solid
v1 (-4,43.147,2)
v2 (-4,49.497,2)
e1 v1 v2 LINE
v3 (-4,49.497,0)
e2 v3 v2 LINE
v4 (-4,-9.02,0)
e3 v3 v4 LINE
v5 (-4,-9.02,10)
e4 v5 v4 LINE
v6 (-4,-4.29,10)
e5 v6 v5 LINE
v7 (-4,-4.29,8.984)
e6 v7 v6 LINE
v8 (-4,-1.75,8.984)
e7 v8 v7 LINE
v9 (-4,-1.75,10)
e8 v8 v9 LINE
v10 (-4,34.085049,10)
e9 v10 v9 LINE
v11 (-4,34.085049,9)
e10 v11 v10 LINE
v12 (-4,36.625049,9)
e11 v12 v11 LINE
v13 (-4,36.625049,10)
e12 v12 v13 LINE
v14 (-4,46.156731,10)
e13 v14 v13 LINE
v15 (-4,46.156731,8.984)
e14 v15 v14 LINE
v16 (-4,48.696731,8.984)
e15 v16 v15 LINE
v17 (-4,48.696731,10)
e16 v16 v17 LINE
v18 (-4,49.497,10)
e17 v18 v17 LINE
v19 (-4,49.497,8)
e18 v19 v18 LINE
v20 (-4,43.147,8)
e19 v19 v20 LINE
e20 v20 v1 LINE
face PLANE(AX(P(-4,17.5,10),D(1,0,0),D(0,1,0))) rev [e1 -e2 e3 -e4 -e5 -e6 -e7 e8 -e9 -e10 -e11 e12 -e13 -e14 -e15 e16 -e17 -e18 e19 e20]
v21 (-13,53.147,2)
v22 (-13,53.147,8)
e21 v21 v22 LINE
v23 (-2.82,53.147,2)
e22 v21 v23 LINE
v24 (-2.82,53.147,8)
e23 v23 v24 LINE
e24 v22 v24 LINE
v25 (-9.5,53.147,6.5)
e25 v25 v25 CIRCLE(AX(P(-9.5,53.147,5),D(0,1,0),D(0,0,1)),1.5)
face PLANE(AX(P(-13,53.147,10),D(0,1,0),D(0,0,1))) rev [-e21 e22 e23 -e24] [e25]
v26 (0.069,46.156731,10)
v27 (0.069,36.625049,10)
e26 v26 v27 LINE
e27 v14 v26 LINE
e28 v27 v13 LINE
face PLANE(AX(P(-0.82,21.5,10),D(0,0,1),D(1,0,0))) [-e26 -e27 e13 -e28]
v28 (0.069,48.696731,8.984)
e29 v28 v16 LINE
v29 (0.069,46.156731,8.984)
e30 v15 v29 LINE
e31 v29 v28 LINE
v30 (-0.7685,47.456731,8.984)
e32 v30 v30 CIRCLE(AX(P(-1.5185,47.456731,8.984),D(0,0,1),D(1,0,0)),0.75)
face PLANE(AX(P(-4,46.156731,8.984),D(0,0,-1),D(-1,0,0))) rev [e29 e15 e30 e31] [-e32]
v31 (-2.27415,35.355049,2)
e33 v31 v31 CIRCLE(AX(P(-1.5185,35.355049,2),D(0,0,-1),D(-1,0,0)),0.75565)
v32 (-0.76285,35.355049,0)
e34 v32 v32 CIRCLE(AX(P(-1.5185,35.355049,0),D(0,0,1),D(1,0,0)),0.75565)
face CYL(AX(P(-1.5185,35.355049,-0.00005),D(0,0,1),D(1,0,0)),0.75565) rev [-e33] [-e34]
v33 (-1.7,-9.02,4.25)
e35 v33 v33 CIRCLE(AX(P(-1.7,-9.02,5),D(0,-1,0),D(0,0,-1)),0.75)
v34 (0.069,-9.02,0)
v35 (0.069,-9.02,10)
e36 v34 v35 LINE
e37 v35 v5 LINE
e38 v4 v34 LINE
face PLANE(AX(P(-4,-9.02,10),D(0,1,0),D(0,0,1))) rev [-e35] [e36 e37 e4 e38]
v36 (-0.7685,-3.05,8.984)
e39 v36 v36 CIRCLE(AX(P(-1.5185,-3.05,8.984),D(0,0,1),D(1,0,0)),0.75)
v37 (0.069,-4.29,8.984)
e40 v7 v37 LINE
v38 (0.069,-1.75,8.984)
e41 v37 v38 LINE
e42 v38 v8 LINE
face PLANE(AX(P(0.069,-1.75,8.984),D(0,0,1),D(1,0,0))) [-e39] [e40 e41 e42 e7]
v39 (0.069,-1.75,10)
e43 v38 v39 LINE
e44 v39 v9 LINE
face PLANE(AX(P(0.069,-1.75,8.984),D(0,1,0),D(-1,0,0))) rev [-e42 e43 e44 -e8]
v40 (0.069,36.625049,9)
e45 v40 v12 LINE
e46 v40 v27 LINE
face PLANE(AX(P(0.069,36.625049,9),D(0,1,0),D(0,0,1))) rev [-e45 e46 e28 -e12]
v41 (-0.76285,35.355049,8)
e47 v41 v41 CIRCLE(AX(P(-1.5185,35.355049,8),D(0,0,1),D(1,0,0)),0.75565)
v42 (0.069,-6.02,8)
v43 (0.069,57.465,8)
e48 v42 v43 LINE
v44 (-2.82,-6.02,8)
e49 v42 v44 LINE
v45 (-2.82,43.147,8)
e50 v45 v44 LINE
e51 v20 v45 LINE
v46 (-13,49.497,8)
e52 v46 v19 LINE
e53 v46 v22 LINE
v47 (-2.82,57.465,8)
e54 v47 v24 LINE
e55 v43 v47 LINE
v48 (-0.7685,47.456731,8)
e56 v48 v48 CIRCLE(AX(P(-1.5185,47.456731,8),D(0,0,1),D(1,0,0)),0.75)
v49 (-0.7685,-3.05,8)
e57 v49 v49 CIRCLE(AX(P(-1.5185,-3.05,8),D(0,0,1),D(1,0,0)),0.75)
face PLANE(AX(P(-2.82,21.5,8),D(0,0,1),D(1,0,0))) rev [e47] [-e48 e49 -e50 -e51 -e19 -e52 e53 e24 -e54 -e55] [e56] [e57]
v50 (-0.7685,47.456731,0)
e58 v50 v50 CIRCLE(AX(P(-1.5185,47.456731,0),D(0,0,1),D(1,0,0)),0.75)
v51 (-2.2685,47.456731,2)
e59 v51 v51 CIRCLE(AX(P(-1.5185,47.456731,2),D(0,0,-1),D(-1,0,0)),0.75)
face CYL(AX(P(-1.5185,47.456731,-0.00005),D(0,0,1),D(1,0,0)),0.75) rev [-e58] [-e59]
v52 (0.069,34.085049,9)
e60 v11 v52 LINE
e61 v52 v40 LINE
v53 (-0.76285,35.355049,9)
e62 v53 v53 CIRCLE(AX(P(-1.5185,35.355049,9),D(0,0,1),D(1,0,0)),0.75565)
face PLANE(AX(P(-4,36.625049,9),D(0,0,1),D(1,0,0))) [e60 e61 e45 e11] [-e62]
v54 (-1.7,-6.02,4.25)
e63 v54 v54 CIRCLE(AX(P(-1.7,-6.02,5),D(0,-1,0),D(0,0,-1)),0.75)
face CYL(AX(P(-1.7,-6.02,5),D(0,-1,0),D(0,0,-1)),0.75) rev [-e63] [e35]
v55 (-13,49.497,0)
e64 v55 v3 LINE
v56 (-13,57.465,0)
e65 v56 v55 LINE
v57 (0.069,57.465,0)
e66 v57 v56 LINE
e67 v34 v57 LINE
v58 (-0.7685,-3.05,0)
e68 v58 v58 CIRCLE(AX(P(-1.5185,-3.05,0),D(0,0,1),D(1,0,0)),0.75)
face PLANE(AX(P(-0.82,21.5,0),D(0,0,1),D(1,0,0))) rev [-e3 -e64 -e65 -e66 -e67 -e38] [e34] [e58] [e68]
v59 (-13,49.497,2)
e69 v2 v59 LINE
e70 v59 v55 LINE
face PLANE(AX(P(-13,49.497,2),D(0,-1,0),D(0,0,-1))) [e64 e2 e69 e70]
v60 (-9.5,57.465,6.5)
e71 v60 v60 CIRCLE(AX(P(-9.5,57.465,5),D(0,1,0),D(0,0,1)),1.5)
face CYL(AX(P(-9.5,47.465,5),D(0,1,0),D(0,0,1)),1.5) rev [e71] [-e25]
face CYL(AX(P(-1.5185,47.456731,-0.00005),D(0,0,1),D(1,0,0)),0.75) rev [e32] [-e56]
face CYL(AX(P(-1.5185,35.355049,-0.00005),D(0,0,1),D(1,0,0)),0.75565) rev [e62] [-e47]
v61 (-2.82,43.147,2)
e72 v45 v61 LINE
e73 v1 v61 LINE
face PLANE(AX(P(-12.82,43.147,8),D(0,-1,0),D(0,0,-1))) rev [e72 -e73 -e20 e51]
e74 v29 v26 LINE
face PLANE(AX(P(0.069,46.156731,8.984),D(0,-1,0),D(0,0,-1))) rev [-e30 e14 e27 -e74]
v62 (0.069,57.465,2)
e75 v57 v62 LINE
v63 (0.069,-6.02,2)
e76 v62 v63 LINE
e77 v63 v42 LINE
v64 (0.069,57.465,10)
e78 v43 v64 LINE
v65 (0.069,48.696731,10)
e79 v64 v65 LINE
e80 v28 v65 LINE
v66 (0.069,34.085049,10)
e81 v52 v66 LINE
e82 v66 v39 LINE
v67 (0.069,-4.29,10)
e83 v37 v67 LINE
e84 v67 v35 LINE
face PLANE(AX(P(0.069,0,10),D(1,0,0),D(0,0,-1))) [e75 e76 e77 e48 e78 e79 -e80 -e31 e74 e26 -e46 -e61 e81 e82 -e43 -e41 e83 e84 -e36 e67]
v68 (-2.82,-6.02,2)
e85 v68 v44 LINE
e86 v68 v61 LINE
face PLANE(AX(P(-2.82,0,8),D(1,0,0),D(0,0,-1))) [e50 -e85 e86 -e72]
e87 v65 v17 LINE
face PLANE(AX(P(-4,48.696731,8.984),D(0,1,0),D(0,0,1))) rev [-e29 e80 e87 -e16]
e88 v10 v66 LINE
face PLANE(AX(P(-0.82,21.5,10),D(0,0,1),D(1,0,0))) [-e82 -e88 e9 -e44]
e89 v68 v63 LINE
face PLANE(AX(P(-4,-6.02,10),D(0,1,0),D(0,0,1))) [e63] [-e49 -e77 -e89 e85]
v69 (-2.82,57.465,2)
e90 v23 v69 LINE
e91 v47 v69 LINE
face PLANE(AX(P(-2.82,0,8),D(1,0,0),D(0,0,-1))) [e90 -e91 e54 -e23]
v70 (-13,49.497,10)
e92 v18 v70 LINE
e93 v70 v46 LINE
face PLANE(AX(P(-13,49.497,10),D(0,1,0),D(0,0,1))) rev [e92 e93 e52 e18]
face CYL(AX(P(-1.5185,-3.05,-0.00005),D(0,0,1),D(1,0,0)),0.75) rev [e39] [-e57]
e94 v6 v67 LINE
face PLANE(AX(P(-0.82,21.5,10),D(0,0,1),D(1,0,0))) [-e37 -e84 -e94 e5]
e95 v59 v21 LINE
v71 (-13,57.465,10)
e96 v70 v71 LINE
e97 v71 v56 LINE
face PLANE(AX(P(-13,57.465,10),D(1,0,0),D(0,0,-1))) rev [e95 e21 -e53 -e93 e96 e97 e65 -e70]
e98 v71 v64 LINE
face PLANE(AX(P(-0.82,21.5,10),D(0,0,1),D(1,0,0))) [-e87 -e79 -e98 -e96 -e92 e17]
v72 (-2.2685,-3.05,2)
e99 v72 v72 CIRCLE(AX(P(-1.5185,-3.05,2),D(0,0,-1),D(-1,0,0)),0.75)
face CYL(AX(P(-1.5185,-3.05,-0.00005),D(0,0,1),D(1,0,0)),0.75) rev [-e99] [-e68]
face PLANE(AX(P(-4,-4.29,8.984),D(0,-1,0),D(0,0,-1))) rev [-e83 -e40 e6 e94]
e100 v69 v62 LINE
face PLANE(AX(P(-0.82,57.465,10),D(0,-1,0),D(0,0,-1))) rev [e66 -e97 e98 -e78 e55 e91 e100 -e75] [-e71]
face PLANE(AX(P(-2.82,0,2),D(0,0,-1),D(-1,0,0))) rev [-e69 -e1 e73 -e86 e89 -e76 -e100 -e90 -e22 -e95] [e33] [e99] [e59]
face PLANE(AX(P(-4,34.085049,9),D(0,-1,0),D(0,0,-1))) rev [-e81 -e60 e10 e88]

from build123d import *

# Parameters (mm, degrees)
BOSS_EXTRUDE2_DEPTH = 10
SKETCH2_W           = 6
SKETCH2_H           = 21.5
CUT_EXTRUDE1_DEPTH  = 2
SKETCH18_W          = 10
SKETCH18_H          = 4
CUT_EXTRUDE6_DEPTH  = 2.32
BOSS_EXTRUDE4_DEPTH = 35.965
SKETCH20_W          = 10
SKETCH20_H          = 4.318
BOSS_EXTRUDE5_DEPTH = 9
SKETCH21_W          = 2
SKETCH21_H          = 57.465
BOSS_EXTRUDE6_DEPTH = 0.889
BOSS_EXTRUDE7_DEPTH = 9.02
CUT_EXTRUDE7_DEPTH  = 1.016
SKETCH24_W          = 4.069
SKETCH24_H          = 2.54
CUT_EXTRUDE8_DEPTH  = 1
SKETCH30_R          = 0.75565
CUT_EXTRUDE14_DEPTH = 95.738007626
SKETCH34_R          = 1.5
CUT_EXTRUDE18_DEPTH = 10
SKETCH35_R          = 0.75
CUT_EXTRUDE19_DEPTH = 60.59814159
SKETCH36_W          = 6
SKETCH36_H          = 10
CUT_EXTRUDE20_DEPTH = 10
SKETCH37_W          = 9
SKETCH37_H          = 2
BOSS_EXTRUDE8_DEPTH = 3.65
SKETCH38_W          = 4.069
SKETCH38_H          = 10
BOSS_EXTRUDE9_DEPTH = 3
SKETCH39_R          = 0.75
CUT_EXTRUDE21_DEPTH = 3


with BuildPart() as part:
    # Sketch1 → Boss-Extrude2 (new body)
    with BuildSketch(Plane.XY):
        Polygon((-4, 0), (-0.82, 0), (-0.82, 21.5), (-6.32, 21.5), (-6.32, 17.5), (-4, 17.5), align=None)
    extrude(amount=BOSS_EXTRUDE2_DEPTH)

    # Sketch2 → Cut-Extrude1 (cut)
    with BuildSketch(Plane(origin=(-0.82, 0, 0), x_dir=(0, 0, -1), z_dir=(1, 0, 0))):
        with Locations((-5, 10.75)):
            Rectangle(SKETCH2_W, SKETCH2_H)
    extrude(amount=-CUT_EXTRUDE1_DEPTH, mode=Mode.SUBTRACT)

    # Sketch18 → Cut-Extrude6 (cut)
    with BuildSketch(Plane.ZY.offset(6.32)):
        with Locations((5, 19.5)):
            Rectangle(SKETCH18_W, SKETCH18_H)
    extrude(amount=-CUT_EXTRUDE6_DEPTH, mode=Mode.SUBTRACT)

    # Sketch19 → Boss-Extrude4 (add)
    with BuildSketch(Plane(origin=(0, 21.5, 0), x_dir=(1, 0, 0), z_dir=(0, 1, 0))):
        Polygon((-0.82, -10), (-4, -10), (-4, 0), (-0.82, 0), (-0.82, -2), (-2.82, -2), (-2.82, -8), (-0.82, -8), align=None)
    extrude(amount=BOSS_EXTRUDE4_DEPTH)

    # Sketch20 → Boss-Extrude5 (add)
    with BuildSketch(Plane.ZY.offset(4)):
        with Locations((5, 55.306)):
            Rectangle(SKETCH20_W, SKETCH20_H)
    extrude(amount=BOSS_EXTRUDE5_DEPTH)

    # Sketch21 → Boss-Extrude6 (add)
    with BuildSketch(Plane(origin=(-0.82, 0, 0), x_dir=(0, 0, -1), z_dir=(1, 0, 0))):
        with Locations((-9, 28.7325)):
            Rectangle(SKETCH21_W, SKETCH21_H)
        with Locations((-1, 28.7325)):
            Rectangle(SKETCH21_W, SKETCH21_H)
    extrude(amount=BOSS_EXTRUDE6_DEPTH)

    # Sketch22 → Boss-Extrude7 (add)
    with BuildSketch(Plane.XZ):
        Polygon((-4, 10), (0.069, 10), (0.069, 8), (-2.82, 8), (-2.82, 2), (0.069, 2), (0.069, 0), (-4, 0), align=None)
    extrude(amount=BOSS_EXTRUDE7_DEPTH)

    # Sketch23 → Cut-Extrude7 (cut)
    with BuildSketch(Plane.XY.offset(10)):
        Polygon((0.069, -3.02), (0.069, -4.29), (-4, -4.29), (-4, -1.75), (0.069, -1.75), align=None)
        Polygon((-4, 47.426731456), (-4, 48.696731456), (0.069, 48.696731456), (0.069, 46.156731456), (-4, 46.156731456), align=None)
    extrude(amount=-CUT_EXTRUDE7_DEPTH, mode=Mode.SUBTRACT)

    # Sketch24 → Cut-Extrude8 (cut)
    with BuildSketch(Plane.XY.offset(10)):
        with Locations((-1.9655, 35.355048592)):
            Rectangle(SKETCH24_W, SKETCH24_H)
    extrude(amount=-CUT_EXTRUDE8_DEPTH, mode=Mode.SUBTRACT)

    # Sketch30 → Cut-Extrude14 (cut, through all)
    with BuildSketch(Plane(origin=(35.063086629, -23.678267082, 9), x_dir=(1, 0, 0), z_dir=(0, 0, 1))):
        with Locations((-36.581586629, 59.033315674)):
            Circle(SKETCH30_R)
    extrude(amount=-CUT_EXTRUDE14_DEPTH, mode=Mode.SUBTRACT)

    # Sketch34 → Cut-Extrude18 (cut)
    with BuildSketch(Plane(origin=(0, 57.465, 0), x_dir=(1, 0, 0), z_dir=(0, 1, 0))):
        with Locations(Location((-9.5, -5, 0), (0, 0, 270))):
            Circle(SKETCH34_R)
    extrude(amount=-CUT_EXTRUDE18_DEPTH, mode=Mode.SUBTRACT)

    # Sketch35 → Cut-Extrude19 (cut, through all)
    with BuildSketch(Plane.XY.offset(8.984)):
        with Locations((-1.5185, 47.456731456)):
            Circle(SKETCH35_R)
        with Locations((-1.5185, -3.05)):
            Circle(SKETCH35_R)
    extrude(amount=-CUT_EXTRUDE19_DEPTH, mode=Mode.SUBTRACT)

    # Sketch36 → Cut-Extrude20 (cut)
    with BuildSketch(Plane(origin=(-2.82, 0, 0), x_dir=(0, 0, -1), z_dir=(1, 0, 0))):
        with Locations((-5, 48.147)):
            Rectangle(SKETCH36_W, SKETCH36_H)
    extrude(amount=-CUT_EXTRUDE20_DEPTH, mode=Mode.SUBTRACT)

    # Sketch37 → Boss-Extrude8 (add)
    with BuildSketch(Plane.XZ.offset(-53.147)):
        with Locations((-8.5, 9)):
            Rectangle(SKETCH37_W, SKETCH37_H)
        with Locations((-8.5, 1)):
            Rectangle(SKETCH37_W, SKETCH37_H)
    extrude(amount=BOSS_EXTRUDE8_DEPTH)

    # Sketch38 → Boss-Extrude9 (add)
    with BuildSketch(Plane.XZ.offset(9.02)):
        with Locations((-1.9655, 5)):
            Rectangle(SKETCH38_W, SKETCH38_H)
    extrude(amount=-BOSS_EXTRUDE9_DEPTH)

    # Sketch39 → Cut-Extrude21 (cut)
    with BuildSketch(Plane.XZ.offset(9.02)):
        with Locations(Location((-1.7, 5, 0), (0, 0, 270))):
            Circle(SKETCH39_R)
    extrude(amount=-CUT_EXTRUDE21_DEPTH, mode=Mode.SUBTRACT)


solid = part.part
